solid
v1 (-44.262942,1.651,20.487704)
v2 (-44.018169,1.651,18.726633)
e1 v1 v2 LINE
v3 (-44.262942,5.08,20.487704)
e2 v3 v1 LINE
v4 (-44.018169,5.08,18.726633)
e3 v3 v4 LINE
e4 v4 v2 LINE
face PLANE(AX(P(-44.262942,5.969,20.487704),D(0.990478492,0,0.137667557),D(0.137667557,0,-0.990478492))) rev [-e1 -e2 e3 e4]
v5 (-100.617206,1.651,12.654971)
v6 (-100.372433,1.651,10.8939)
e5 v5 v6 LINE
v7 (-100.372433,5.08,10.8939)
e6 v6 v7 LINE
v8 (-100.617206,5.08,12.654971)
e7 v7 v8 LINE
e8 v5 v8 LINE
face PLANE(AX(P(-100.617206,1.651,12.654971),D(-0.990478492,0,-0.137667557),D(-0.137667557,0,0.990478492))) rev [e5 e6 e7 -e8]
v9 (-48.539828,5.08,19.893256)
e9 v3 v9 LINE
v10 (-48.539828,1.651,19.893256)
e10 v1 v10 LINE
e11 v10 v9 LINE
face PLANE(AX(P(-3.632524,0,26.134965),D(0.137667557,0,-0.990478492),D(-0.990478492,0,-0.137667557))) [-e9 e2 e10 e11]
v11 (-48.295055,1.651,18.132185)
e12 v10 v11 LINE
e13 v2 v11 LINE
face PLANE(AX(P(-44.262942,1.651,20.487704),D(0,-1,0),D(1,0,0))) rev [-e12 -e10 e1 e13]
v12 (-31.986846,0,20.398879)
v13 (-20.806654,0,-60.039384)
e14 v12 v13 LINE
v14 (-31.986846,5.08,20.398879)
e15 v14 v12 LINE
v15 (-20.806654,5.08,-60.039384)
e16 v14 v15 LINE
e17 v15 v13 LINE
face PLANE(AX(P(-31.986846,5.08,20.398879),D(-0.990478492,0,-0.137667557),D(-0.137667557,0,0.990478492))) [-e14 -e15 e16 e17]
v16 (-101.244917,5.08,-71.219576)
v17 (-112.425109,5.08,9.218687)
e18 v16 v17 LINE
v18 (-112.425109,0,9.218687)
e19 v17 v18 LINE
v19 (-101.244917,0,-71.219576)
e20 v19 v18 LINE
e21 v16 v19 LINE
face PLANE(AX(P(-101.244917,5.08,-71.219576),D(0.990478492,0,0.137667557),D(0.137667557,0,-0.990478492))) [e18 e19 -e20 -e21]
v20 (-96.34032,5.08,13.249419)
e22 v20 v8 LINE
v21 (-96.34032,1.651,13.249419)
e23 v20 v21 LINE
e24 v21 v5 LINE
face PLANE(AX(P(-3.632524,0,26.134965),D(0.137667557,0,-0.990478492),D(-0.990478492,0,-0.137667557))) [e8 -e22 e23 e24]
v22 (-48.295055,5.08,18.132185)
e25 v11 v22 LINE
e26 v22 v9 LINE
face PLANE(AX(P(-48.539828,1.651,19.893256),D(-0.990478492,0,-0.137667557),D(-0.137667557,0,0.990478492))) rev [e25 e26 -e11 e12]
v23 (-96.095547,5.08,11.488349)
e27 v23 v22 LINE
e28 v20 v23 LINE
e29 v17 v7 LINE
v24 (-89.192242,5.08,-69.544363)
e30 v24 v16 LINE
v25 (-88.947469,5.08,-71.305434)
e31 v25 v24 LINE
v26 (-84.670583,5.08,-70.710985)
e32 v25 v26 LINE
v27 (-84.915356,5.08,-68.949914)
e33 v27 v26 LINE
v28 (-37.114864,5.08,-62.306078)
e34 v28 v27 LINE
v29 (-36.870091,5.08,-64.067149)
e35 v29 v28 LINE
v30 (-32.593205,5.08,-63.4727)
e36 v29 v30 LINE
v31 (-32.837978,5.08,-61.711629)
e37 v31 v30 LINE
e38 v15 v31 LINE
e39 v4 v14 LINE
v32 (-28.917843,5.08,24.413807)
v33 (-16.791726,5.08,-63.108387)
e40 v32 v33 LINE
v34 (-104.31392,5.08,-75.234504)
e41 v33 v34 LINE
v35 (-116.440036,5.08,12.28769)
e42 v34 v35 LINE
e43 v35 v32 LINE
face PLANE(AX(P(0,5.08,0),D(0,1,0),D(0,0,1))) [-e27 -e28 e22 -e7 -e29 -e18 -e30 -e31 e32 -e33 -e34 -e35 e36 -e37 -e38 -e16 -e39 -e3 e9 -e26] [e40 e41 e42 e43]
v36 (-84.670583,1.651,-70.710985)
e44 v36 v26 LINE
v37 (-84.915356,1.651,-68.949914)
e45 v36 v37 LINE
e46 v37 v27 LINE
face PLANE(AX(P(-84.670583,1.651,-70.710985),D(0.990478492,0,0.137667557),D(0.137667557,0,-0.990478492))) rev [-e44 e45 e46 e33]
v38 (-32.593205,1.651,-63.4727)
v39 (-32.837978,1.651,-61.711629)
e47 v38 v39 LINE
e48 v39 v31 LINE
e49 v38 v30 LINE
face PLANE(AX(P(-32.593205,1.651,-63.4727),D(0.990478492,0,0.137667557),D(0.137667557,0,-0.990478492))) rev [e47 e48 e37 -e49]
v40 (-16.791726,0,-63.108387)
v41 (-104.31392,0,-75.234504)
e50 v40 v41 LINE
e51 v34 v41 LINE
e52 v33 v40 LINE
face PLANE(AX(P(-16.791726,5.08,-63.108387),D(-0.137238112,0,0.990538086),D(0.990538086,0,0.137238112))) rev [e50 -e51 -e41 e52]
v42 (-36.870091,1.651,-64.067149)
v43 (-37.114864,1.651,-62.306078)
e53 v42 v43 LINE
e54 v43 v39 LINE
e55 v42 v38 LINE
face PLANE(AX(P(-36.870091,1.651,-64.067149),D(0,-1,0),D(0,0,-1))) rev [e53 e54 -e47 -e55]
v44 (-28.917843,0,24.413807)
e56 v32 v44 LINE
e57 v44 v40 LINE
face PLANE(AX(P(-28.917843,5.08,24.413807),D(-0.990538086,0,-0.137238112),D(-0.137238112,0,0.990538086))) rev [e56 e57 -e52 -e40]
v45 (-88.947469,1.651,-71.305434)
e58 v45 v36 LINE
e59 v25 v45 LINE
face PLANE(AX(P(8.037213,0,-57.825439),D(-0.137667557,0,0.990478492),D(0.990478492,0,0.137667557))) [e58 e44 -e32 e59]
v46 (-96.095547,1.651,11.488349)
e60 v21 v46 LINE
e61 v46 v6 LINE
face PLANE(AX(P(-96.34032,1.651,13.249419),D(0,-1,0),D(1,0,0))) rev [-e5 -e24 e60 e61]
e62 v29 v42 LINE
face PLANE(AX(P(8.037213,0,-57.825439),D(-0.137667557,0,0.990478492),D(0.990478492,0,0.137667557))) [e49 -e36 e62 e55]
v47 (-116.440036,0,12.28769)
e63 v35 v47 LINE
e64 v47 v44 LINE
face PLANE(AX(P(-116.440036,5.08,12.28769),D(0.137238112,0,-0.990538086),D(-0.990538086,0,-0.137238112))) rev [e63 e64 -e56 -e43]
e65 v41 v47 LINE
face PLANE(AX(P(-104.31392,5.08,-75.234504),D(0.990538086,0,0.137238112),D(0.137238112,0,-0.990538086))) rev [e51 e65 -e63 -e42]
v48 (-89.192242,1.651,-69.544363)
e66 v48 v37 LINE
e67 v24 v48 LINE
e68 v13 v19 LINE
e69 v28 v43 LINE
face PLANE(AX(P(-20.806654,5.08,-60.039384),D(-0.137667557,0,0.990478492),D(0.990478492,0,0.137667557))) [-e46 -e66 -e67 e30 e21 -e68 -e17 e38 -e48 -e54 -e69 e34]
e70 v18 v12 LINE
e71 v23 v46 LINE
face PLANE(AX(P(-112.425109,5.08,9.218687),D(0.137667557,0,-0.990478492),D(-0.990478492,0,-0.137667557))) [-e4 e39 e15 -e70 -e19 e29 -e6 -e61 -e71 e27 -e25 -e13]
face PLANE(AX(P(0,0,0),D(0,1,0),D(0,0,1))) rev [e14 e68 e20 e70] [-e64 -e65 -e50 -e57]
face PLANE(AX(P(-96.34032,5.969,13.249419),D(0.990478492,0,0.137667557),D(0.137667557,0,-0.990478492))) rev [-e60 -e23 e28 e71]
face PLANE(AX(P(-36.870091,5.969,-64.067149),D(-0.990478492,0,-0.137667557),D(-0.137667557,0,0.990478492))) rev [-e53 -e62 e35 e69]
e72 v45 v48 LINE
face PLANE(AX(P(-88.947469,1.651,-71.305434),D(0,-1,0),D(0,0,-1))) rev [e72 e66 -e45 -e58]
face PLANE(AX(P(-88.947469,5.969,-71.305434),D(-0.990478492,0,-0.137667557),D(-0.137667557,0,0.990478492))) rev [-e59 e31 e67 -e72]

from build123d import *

# Parameters (mm, degrees)
BOSS_EXTRUDE1_DEPTH = 5.08
SKETCH9_W           = 4.318
SKETCH9_H           = 4.318
CUT_EXTRUDE3_DEPTH  = 1.778
SKETCH10_W          = 4.318
SKETCH10_H          = 4.318
CUT_EXTRUDE4_DEPTH  = 1.778
SKETCH11_W          = 4.318
SKETCH11_H          = 4.318
CUT_EXTRUDE5_DEPTH  = 1.778
SKETCH12_W          = 4.318
SKETCH12_H          = 4.318
CUT_EXTRUDE6_DEPTH  = 1.778


with BuildPart() as part:
    # Sketch1 → Boss-Extrude1 (new body)
    with BuildSketch(Plane(origin=(0, 0, 0), x_dir=(1, 0, 0), z_dir=(0, 1, 0))):
        Polygon((-28.91784315, -24.413806508), (-16.791726333, 63.108386813), (-104.313919654, 75.23450363), (-116.440036471, -12.287689691), align=None)
        Polygon((-20.806654289, 60.039384261), (-101.244917102, 71.219575674), (-112.425108515, -9.218687139), (-31.986845702, -20.398878552), align=None, mode=Mode.SUBTRACT)
    extrude(amount=BOSS_EXTRUDE1_DEPTH)

    # Sketch9 → Cut-Extrude3 (cut)
    with BuildSketch(Plane(origin=(-3.387750967, 0, 24.3738942), x_dir=(-0.9904784923139263, 0, -0.13766755704788136), z_dir=(0.13766755704788133, 0, -0.9904784923139262))):
        with Locations((43.18, 3.81)):
            Rectangle(SKETCH9_W, SKETCH9_H)
    extrude(amount=-CUT_EXTRUDE3_DEPTH, mode=Mode.SUBTRACT)

    # Sketch10 → Cut-Extrude4 (cut)
    with BuildSketch(Plane(origin=(7.792440446, 0, -56.064368613), x_dir=(0.9904784923139262, 0, 0.1376675570478817), z_dir=(-0.1376675570478817, 0, 0.9904784923139263))):
        with Locations((-43.18, 3.81)):
            Rectangle(SKETCH10_W, SKETCH10_H)
    extrude(amount=-CUT_EXTRUDE4_DEPTH, mode=Mode.SUBTRACT)

    # Sketch11 → Cut-Extrude5 (cut)
    with BuildSketch(Plane(origin=(7.792440446, 0, -56.064368613), x_dir=(0.9904784923139262, 0, 0.1376675570478817), z_dir=(-0.1376675570478817, 0, 0.9904784923139263))):
        with Locations((-95.758, 3.81)):
            Rectangle(SKETCH11_W, SKETCH11_H)
    extrude(amount=-CUT_EXTRUDE5_DEPTH, mode=Mode.SUBTRACT)

    # Sketch12 → Cut-Extrude6 (cut)
    with BuildSketch(Plane(origin=(-3.387750967, 0, 24.3738942), x_dir=(-0.9904784923139263, 0, -0.13766755704788136), z_dir=(0.13766755704788133, 0, -0.9904784923139262))):
        with Locations((95.758, 3.81)):
            Rectangle(SKETCH12_W, SKETCH12_H)
    extrude(amount=-CUT_EXTRUDE6_DEPTH, mode=Mode.SUBTRACT)


solid = part.part
